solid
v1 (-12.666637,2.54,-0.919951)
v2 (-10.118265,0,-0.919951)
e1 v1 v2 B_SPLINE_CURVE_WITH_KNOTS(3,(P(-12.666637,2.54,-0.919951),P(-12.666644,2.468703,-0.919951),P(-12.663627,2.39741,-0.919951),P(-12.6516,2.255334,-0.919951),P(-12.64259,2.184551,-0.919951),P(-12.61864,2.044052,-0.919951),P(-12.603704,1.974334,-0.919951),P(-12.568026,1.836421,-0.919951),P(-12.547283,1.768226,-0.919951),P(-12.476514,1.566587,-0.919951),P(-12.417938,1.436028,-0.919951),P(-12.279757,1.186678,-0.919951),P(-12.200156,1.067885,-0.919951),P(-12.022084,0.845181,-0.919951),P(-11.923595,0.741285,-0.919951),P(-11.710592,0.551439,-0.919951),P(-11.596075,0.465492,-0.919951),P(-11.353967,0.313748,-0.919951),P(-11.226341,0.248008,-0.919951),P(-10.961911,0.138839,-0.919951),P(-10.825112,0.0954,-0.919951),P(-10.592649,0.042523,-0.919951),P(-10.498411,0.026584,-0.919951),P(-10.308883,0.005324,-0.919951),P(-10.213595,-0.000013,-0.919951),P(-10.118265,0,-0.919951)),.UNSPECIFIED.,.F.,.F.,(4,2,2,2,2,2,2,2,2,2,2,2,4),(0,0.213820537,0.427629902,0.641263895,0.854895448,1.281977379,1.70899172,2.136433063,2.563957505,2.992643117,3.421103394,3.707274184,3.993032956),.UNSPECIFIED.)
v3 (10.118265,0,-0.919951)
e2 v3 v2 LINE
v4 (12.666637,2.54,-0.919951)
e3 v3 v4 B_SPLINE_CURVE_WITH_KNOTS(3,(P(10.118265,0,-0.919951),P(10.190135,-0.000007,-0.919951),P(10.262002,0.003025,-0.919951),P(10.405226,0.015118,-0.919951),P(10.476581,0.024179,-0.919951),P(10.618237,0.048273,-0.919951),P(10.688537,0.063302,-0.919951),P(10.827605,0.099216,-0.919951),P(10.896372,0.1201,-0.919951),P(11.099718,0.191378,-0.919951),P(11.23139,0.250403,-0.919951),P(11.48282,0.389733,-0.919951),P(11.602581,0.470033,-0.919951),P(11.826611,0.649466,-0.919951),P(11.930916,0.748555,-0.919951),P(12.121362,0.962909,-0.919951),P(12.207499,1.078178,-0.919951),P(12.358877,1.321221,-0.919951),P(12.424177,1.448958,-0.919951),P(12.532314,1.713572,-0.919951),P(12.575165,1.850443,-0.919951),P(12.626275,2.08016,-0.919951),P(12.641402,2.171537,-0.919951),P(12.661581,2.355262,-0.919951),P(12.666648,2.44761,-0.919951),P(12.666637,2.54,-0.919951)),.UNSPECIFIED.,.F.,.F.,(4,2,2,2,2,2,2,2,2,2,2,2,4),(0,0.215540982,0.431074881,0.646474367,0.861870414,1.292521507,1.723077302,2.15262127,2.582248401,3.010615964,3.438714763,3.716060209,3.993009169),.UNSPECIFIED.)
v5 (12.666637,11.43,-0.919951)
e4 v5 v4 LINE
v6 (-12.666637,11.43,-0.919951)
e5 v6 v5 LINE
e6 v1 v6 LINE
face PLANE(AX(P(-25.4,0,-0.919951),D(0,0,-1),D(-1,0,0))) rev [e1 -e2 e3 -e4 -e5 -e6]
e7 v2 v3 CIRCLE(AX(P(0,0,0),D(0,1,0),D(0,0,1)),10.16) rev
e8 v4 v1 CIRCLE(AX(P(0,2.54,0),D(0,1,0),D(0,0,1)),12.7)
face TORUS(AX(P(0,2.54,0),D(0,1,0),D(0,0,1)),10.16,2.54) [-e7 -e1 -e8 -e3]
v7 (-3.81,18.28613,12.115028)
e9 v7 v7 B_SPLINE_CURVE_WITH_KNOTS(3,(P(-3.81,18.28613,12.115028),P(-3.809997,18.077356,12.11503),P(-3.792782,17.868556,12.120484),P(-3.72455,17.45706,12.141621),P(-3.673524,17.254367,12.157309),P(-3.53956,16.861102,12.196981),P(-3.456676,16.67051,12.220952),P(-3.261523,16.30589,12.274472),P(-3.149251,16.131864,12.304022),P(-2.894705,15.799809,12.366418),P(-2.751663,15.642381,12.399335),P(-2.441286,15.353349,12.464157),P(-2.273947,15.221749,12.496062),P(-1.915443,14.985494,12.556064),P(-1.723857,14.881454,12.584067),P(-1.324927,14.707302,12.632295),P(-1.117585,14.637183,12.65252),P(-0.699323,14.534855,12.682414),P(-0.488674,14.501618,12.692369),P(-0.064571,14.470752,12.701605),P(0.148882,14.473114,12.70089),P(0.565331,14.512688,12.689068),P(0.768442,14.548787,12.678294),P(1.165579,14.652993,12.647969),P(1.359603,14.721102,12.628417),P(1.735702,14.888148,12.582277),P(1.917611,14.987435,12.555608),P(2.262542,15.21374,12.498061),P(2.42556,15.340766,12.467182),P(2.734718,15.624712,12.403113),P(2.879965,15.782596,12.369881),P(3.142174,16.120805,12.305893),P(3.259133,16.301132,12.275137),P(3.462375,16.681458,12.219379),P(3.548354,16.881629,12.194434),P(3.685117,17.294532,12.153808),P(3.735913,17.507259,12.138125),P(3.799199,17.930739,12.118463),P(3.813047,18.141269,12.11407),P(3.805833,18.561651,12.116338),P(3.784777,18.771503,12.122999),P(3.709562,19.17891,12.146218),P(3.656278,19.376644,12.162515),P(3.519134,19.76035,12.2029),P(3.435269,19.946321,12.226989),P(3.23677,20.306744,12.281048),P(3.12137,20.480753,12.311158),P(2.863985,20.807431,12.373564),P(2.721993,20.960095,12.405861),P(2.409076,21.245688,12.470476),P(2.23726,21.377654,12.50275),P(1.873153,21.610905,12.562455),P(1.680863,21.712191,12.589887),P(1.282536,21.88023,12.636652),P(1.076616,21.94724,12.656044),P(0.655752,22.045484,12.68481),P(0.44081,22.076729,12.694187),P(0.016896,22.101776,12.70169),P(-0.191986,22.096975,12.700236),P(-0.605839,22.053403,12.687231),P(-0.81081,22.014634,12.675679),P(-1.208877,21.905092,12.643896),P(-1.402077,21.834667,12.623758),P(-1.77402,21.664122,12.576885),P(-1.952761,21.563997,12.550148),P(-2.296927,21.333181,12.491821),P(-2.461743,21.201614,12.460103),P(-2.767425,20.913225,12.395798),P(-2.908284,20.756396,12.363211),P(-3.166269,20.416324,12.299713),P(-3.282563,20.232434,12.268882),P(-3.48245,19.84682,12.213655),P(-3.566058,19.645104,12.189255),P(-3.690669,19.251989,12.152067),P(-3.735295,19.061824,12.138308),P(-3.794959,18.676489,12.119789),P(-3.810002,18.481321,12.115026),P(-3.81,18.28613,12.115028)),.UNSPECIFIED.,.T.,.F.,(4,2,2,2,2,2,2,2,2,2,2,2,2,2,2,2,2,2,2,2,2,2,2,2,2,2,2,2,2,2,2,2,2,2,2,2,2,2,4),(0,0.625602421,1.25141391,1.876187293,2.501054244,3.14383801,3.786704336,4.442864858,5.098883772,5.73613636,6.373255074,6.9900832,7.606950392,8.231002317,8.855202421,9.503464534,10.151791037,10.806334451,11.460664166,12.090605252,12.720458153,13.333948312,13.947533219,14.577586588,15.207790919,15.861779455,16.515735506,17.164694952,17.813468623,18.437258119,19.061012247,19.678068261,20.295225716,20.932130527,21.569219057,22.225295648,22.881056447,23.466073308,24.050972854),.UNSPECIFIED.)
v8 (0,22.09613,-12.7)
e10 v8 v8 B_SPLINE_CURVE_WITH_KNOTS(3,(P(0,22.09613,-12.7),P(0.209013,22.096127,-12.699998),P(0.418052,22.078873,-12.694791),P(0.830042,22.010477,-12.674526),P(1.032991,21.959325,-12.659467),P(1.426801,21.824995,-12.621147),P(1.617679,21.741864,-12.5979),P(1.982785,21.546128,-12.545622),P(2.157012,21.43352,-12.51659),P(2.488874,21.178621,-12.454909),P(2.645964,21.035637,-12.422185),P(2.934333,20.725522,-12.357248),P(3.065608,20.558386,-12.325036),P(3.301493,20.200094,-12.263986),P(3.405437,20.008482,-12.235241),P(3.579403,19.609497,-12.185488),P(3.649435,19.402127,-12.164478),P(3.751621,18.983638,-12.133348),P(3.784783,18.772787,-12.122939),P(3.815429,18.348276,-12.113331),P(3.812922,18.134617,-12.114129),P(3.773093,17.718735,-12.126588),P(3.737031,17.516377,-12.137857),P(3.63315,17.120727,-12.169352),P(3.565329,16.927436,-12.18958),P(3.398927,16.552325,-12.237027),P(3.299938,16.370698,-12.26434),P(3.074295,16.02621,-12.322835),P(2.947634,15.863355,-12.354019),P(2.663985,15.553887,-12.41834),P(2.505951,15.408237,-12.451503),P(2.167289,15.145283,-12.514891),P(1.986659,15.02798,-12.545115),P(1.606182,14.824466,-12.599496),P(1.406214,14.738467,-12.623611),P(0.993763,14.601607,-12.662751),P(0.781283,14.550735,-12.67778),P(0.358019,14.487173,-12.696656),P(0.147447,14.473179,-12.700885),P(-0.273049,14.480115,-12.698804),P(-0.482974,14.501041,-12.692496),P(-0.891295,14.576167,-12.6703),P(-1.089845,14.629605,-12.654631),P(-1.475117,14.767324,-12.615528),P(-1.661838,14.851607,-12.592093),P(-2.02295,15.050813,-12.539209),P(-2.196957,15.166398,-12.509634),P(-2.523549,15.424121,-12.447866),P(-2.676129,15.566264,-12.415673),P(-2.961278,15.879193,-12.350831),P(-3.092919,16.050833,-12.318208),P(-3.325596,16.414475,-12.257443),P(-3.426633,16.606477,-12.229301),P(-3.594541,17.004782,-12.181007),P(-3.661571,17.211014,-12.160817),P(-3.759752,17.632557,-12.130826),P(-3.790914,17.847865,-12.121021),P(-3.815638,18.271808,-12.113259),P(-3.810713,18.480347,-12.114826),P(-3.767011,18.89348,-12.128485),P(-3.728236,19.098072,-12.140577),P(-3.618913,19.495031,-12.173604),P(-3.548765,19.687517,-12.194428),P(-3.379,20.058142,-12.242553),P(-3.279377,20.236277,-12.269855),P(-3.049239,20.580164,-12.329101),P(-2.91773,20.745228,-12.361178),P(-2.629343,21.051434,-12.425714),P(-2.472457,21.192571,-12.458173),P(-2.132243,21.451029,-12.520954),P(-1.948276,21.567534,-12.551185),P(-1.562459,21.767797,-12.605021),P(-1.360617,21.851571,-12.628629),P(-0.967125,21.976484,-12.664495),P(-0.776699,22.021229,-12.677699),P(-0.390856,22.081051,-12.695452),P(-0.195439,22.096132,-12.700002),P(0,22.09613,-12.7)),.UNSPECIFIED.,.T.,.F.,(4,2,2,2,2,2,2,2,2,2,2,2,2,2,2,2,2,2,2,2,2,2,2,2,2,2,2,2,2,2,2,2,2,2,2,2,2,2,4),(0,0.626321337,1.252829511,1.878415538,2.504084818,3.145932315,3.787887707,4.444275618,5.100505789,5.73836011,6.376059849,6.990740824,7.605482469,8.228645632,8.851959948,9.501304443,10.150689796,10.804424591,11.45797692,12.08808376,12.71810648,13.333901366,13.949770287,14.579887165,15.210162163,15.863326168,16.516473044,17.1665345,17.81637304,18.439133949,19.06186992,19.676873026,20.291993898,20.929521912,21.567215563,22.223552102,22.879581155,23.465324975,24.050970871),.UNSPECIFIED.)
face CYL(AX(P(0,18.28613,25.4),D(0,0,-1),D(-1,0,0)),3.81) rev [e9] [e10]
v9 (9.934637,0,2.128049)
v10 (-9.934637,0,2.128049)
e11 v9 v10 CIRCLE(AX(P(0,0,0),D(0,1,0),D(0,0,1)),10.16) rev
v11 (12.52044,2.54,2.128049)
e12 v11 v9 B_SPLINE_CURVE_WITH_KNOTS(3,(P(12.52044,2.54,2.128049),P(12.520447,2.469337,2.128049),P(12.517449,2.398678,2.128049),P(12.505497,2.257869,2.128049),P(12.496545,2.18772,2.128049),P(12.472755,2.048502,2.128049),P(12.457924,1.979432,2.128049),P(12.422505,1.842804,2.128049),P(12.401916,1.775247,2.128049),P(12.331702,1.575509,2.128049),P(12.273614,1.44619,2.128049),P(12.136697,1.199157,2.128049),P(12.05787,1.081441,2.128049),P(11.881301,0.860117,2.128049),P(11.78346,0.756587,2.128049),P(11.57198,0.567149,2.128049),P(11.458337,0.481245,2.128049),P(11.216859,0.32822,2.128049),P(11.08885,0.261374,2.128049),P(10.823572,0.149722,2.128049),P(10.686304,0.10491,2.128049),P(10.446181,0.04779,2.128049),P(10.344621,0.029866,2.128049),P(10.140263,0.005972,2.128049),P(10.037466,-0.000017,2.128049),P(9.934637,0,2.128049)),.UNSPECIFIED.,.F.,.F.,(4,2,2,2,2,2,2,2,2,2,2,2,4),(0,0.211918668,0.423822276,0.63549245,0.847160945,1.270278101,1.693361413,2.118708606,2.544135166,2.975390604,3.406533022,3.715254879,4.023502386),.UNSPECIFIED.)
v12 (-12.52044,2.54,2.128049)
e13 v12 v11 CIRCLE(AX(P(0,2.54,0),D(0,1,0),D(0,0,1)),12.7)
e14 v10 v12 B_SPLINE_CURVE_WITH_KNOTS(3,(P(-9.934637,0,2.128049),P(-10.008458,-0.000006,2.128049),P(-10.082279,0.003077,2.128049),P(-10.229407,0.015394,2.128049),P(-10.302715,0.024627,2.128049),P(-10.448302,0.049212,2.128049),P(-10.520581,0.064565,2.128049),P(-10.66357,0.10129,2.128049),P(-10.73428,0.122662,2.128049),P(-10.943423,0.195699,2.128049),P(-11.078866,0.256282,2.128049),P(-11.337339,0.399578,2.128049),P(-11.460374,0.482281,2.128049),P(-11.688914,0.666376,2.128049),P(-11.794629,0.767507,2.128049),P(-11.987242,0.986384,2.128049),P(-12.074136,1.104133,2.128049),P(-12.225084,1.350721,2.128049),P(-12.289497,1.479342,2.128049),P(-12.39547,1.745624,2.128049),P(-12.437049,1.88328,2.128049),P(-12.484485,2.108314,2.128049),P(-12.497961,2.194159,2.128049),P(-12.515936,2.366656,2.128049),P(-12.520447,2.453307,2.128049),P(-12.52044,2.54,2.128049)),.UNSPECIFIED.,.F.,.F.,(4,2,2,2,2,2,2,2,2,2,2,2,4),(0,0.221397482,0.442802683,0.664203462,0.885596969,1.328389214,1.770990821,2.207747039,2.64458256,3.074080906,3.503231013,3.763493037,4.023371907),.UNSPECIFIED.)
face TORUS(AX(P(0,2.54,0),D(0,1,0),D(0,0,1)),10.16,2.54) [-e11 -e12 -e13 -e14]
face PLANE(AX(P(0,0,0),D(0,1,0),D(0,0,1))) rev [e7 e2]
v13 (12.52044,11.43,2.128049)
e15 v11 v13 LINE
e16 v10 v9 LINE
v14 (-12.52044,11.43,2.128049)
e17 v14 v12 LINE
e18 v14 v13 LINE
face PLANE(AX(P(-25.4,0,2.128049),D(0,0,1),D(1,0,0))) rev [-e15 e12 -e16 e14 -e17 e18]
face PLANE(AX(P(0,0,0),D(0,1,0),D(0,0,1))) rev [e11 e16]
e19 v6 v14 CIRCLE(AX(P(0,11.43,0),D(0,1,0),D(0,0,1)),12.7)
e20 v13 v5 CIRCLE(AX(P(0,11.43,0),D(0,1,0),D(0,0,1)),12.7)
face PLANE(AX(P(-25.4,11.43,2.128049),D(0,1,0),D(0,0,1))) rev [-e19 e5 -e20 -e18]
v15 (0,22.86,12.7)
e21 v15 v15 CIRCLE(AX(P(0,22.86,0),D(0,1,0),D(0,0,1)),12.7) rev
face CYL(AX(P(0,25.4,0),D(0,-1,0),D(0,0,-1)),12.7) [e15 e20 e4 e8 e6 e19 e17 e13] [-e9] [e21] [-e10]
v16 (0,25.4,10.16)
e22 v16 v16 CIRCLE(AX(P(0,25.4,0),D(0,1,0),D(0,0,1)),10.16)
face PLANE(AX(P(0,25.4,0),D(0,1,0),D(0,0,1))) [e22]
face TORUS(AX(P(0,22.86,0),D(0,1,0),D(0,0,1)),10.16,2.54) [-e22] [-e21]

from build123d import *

# Parameters (mm, degrees)
SKETCH1_R           = 12.7
BOSS_EXTRUDE1_DEPTH = 25.4
SKETCH2_R           = 3.81
CUT_EXTRUDE1_DEPTH  = 25.4
SKETCH3_W           = 3.048
SKETCH3_H           = 11.43
CUT_EXTRUDE2_DEPTH  = 25.4
FILLET1_R           = 2.54


with BuildPart() as part:
    # Sketch1 → Boss-Extrude1 (new body)
    with BuildSketch(Plane(origin=(0, 0, 0), x_dir=(1, 0, 0), z_dir=(0, 1, 0))):
        with Locations(Location((0, 0, 0), (0, 0, 270))):
            Circle(SKETCH1_R)
    extrude(amount=BOSS_EXTRUDE1_DEPTH)

    # Sketch2 → Cut-Extrude1 (cut, symmetric)
    with BuildSketch(Plane.XY):
        with Locations(Location((0, 18.286129729, 0), (0, 0, 90.000000018))):
            Circle(SKETCH2_R)
    extrude(amount=CUT_EXTRUDE1_DEPTH, both=True, mode=Mode.SUBTRACT)

    # Sketch3 → Cut-Extrude2 (cut, symmetric)
    with BuildSketch(Plane(origin=(0, 0, 0), x_dir=(0, 0, -1), z_dir=(1, 0, 0))):
        with Locations((-0.60404942, 5.715)):
            Rectangle(SKETCH3_W, SKETCH3_H)
    extrude(amount=CUT_EXTRUDE2_DEPTH, both=True, mode=Mode.SUBTRACT)

    # Fillet1
    fillet1_edges = [part.edges().sort_by_distance(p)[0] for p in [
        (0, 0, -12.7),
        (8.193405042, 0, 9.703510386),
        (0, 25.4, -12.7),
    ]]
    fillet(fillet1_edges, radius=FILLET1_R)


solid = part.part
